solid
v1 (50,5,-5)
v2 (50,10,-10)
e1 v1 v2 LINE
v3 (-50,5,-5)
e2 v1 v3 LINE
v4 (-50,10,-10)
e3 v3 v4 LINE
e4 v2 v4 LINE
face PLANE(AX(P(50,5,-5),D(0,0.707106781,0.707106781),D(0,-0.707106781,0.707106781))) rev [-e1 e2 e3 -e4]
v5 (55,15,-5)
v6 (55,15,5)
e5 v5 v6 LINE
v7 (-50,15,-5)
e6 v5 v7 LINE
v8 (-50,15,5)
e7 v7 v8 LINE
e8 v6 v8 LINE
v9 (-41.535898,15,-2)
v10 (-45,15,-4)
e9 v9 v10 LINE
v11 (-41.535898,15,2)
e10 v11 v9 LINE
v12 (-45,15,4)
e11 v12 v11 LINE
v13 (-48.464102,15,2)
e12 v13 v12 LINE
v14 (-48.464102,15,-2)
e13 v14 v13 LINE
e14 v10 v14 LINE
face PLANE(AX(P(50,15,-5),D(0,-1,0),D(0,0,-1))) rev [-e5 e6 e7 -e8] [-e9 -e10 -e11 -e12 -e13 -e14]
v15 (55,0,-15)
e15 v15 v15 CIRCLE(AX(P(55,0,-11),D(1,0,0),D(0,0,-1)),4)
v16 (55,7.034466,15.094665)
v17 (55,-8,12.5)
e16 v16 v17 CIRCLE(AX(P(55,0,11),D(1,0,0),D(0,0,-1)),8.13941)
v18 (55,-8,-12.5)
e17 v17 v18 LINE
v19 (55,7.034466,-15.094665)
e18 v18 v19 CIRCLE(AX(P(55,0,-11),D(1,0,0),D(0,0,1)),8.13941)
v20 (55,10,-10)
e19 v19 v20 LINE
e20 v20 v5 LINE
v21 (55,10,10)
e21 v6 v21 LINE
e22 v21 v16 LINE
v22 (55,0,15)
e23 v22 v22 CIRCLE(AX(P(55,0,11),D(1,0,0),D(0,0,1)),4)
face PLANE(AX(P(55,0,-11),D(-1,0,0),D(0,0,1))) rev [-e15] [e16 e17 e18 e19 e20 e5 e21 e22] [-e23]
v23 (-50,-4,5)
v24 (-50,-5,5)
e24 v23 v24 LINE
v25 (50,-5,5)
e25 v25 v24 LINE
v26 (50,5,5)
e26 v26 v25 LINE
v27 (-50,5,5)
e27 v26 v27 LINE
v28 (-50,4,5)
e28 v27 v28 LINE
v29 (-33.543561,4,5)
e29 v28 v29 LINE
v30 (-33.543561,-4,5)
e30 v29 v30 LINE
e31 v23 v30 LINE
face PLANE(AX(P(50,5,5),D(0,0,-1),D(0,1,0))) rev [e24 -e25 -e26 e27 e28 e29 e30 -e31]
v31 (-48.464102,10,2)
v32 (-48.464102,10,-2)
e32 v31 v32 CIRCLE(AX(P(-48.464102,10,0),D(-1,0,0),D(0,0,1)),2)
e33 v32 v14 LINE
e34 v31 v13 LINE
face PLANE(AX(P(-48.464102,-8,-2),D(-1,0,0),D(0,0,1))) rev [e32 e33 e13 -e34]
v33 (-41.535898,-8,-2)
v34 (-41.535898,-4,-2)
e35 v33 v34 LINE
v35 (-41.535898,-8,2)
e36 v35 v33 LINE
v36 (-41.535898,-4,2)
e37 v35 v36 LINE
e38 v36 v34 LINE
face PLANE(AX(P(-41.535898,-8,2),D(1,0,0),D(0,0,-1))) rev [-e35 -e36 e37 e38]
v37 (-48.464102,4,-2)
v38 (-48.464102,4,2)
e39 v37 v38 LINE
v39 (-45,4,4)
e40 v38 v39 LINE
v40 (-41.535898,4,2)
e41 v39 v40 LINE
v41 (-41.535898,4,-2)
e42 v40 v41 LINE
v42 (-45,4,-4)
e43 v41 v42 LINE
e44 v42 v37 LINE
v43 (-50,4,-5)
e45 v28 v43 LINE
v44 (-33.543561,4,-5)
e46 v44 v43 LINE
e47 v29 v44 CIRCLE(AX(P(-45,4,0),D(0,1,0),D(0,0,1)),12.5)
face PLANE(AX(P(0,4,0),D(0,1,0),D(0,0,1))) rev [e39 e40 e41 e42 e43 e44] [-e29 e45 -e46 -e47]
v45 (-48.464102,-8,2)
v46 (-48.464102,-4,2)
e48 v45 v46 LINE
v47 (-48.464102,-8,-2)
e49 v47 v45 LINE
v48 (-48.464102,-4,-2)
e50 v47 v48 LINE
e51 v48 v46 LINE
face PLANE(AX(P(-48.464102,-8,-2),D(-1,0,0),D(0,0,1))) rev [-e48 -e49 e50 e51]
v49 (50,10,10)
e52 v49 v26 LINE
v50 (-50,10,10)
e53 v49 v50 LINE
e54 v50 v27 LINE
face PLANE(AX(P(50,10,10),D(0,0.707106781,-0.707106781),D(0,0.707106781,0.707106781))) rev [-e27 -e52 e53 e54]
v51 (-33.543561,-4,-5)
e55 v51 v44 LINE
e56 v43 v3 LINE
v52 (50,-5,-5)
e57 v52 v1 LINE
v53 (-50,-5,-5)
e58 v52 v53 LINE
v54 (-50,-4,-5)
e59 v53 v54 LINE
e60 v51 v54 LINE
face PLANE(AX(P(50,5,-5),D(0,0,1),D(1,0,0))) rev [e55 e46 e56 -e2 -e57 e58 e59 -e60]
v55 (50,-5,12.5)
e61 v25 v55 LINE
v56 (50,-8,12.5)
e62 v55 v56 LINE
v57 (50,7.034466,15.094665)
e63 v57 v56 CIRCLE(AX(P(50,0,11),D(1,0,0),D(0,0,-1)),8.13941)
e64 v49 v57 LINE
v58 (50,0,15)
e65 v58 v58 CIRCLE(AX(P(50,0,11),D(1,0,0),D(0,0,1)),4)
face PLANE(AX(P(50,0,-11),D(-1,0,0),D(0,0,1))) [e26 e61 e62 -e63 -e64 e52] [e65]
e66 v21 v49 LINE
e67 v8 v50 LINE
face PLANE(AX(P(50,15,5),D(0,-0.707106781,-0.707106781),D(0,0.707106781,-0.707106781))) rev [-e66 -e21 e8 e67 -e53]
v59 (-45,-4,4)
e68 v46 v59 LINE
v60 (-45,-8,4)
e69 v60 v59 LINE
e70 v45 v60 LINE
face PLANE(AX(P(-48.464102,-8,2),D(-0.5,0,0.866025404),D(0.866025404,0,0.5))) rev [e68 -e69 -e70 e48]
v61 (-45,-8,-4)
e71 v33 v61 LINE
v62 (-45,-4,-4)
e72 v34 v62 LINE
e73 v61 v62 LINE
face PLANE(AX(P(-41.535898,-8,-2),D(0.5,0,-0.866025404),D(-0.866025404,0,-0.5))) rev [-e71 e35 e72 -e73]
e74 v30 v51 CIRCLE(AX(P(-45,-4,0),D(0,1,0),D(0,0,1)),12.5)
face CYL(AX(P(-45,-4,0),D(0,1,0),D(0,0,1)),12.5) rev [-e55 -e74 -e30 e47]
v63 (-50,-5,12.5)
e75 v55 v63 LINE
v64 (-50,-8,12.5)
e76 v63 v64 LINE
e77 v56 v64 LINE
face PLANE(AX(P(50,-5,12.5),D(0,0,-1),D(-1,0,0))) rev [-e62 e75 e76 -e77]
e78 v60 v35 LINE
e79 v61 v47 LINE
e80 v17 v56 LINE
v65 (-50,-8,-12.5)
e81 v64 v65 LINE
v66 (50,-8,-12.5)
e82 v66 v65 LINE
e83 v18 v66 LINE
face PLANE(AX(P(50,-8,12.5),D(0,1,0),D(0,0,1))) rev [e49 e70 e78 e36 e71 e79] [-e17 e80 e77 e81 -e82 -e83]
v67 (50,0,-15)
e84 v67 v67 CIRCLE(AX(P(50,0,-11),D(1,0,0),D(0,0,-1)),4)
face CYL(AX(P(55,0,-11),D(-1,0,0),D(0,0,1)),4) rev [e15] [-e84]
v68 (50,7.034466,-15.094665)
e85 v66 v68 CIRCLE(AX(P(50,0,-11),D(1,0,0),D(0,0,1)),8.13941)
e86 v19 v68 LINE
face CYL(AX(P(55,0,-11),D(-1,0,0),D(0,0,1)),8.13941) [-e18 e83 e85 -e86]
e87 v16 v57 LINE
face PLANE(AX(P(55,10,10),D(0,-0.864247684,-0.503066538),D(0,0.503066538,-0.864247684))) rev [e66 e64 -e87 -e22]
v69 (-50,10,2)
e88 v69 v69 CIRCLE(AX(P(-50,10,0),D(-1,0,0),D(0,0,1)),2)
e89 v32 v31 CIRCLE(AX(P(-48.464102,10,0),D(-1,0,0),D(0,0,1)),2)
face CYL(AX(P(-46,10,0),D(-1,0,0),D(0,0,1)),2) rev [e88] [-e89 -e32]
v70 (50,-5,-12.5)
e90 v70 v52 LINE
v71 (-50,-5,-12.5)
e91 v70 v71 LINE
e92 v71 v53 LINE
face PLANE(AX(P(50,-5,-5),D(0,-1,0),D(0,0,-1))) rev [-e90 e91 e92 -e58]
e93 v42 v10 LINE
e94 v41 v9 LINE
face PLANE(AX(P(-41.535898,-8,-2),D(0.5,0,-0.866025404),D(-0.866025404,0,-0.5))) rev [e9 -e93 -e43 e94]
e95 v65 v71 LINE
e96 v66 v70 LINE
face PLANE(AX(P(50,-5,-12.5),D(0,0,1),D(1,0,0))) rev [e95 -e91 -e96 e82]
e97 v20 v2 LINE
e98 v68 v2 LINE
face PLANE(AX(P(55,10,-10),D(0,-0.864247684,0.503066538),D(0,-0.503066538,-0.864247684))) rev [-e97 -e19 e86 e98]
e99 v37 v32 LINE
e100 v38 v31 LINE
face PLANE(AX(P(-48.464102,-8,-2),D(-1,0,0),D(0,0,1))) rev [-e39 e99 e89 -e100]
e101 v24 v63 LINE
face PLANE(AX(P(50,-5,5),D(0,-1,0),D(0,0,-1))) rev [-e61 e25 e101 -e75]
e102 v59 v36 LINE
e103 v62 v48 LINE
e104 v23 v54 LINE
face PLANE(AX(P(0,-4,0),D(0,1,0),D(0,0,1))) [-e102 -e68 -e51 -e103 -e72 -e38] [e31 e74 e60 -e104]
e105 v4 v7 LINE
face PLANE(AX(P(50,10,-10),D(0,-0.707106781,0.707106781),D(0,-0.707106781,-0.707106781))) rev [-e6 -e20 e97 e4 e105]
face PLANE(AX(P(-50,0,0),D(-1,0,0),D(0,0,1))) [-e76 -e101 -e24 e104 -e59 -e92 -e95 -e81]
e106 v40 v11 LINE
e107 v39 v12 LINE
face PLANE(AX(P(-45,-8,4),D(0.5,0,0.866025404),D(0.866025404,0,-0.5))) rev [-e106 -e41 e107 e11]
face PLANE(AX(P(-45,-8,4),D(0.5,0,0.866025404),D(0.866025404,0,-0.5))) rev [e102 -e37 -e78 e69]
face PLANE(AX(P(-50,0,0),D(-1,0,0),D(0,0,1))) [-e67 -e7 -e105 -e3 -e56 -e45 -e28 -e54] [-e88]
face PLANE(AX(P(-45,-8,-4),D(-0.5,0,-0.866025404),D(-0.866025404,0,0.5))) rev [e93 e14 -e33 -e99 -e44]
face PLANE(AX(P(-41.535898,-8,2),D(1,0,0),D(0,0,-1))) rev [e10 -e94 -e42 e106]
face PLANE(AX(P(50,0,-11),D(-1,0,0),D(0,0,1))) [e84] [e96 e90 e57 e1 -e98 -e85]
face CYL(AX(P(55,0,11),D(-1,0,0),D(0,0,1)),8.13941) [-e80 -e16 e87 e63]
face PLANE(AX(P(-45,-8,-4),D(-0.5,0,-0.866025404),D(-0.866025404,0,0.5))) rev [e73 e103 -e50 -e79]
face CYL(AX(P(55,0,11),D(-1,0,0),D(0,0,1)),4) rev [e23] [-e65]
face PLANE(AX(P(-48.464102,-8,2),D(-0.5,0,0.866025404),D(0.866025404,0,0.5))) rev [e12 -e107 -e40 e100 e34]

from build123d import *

# Parameters (mm, degrees)
BOSS_EXTRUDE1_DEPTH     = 50
SKETCH2_R               = 12.5
CUT_EXTRUDE1_DEPTH      = 4
CUT_EXTRUDE3_DEPTH      = 54.677276384
CUT_EXTRUDE3_DEPTH_BACK = 54.677276384
SKETCH6_R               = 2
CUT_EXTRUDE4_DEPTH      = 4
SKETCH7_R               = 4
BOSS_EXTRUDE3_DEPTH     = 5


with BuildPart() as part:
    # Sketch1 → Boss-Extrude1 (new, symmetric)
    with BuildSketch(Plane(origin=(0, 0, 0), x_dir=(0, 0, -1), z_dir=(1, 0, 0))):
        Polygon((5, 5), (10, 10), (5, 15), (-5, 15), (-10, 10), (-5, 5), (-5, -5), (-12.5, -5), (-12.5, -8), (12.5, -8), (12.5, -5), (5, -5), align=None)
    extrude(amount=BOSS_EXTRUDE1_DEPTH, both=True)

    # Sketch2 → Cut-Extrude1 (cut, symmetric)
    with BuildSketch(Plane(origin=(0, 0, 0), x_dir=(1, 0, 0), z_dir=(0, 1, 0))):
        with Locations((-45, 0)):
            Circle(SKETCH2_R)
    extrude(amount=CUT_EXTRUDE1_DEPTH, both=True, mode=Mode.SUBTRACT)

    # Sketch4 → Cut-Extrude3 (cut, two sides: drawn at the far end of the back side and taken through both)
    with BuildSketch(Plane(origin=(0, 0, 0), x_dir=(1, 0, 0), z_dir=(0, 1, 0)).offset(-CUT_EXTRUDE3_DEPTH_BACK)):
        Polygon((-45, -4), (-41.535898385, -2), (-41.535898385, 2), (-45, 4), (-48.464101615, 2), (-48.464101615, -2), align=None)
    extrude(amount=CUT_EXTRUDE3_DEPTH + CUT_EXTRUDE3_DEPTH_BACK, mode=Mode.SUBTRACT)

    # Sketch6 → Cut-Extrude4 (cut)
    with BuildSketch(Plane.ZY.offset(50)):
        with Locations((0, 10)):
            Circle(SKETCH6_R)
    extrude(amount=-CUT_EXTRUDE4_DEPTH, mode=Mode.SUBTRACT)

    # Sketch7 → Boss-Extrude3 (add)
    with BuildSketch(Plane(origin=(50, 0, 0), x_dir=(0, 0, -1), z_dir=(1, 0, 0))):
        with BuildLine():
            Line((10, 10), (15.094664958, 7.034466496))
            ThreePointArc((15.094664958, 7.034466496), (19.020839401, -1.384245389), (12.5, -8))
            Line((12.5, -8), (-12.5, -8))
            ThreePointArc((-12.5, -8), (-19.020839401, -1.384245389), (-15.094664958, 7.034466496))
            Line((-15.094664958, 7.034466496), (-10, 10))
            Line((-10, 10), (-5, 15))
            Line((-5, 15), (5, 15))
            Line((5, 15), (10, 10))
        make_face()
        with Locations((11, 0)):
            Circle(SKETCH7_R, mode=Mode.SUBTRACT)
        with Locations(Location((-11, 0, 0), (0, 0, 180))):
            Circle(SKETCH7_R, mode=Mode.SUBTRACT)
    extrude(amount=BOSS_EXTRUDE3_DEPTH)


solid = part.part
